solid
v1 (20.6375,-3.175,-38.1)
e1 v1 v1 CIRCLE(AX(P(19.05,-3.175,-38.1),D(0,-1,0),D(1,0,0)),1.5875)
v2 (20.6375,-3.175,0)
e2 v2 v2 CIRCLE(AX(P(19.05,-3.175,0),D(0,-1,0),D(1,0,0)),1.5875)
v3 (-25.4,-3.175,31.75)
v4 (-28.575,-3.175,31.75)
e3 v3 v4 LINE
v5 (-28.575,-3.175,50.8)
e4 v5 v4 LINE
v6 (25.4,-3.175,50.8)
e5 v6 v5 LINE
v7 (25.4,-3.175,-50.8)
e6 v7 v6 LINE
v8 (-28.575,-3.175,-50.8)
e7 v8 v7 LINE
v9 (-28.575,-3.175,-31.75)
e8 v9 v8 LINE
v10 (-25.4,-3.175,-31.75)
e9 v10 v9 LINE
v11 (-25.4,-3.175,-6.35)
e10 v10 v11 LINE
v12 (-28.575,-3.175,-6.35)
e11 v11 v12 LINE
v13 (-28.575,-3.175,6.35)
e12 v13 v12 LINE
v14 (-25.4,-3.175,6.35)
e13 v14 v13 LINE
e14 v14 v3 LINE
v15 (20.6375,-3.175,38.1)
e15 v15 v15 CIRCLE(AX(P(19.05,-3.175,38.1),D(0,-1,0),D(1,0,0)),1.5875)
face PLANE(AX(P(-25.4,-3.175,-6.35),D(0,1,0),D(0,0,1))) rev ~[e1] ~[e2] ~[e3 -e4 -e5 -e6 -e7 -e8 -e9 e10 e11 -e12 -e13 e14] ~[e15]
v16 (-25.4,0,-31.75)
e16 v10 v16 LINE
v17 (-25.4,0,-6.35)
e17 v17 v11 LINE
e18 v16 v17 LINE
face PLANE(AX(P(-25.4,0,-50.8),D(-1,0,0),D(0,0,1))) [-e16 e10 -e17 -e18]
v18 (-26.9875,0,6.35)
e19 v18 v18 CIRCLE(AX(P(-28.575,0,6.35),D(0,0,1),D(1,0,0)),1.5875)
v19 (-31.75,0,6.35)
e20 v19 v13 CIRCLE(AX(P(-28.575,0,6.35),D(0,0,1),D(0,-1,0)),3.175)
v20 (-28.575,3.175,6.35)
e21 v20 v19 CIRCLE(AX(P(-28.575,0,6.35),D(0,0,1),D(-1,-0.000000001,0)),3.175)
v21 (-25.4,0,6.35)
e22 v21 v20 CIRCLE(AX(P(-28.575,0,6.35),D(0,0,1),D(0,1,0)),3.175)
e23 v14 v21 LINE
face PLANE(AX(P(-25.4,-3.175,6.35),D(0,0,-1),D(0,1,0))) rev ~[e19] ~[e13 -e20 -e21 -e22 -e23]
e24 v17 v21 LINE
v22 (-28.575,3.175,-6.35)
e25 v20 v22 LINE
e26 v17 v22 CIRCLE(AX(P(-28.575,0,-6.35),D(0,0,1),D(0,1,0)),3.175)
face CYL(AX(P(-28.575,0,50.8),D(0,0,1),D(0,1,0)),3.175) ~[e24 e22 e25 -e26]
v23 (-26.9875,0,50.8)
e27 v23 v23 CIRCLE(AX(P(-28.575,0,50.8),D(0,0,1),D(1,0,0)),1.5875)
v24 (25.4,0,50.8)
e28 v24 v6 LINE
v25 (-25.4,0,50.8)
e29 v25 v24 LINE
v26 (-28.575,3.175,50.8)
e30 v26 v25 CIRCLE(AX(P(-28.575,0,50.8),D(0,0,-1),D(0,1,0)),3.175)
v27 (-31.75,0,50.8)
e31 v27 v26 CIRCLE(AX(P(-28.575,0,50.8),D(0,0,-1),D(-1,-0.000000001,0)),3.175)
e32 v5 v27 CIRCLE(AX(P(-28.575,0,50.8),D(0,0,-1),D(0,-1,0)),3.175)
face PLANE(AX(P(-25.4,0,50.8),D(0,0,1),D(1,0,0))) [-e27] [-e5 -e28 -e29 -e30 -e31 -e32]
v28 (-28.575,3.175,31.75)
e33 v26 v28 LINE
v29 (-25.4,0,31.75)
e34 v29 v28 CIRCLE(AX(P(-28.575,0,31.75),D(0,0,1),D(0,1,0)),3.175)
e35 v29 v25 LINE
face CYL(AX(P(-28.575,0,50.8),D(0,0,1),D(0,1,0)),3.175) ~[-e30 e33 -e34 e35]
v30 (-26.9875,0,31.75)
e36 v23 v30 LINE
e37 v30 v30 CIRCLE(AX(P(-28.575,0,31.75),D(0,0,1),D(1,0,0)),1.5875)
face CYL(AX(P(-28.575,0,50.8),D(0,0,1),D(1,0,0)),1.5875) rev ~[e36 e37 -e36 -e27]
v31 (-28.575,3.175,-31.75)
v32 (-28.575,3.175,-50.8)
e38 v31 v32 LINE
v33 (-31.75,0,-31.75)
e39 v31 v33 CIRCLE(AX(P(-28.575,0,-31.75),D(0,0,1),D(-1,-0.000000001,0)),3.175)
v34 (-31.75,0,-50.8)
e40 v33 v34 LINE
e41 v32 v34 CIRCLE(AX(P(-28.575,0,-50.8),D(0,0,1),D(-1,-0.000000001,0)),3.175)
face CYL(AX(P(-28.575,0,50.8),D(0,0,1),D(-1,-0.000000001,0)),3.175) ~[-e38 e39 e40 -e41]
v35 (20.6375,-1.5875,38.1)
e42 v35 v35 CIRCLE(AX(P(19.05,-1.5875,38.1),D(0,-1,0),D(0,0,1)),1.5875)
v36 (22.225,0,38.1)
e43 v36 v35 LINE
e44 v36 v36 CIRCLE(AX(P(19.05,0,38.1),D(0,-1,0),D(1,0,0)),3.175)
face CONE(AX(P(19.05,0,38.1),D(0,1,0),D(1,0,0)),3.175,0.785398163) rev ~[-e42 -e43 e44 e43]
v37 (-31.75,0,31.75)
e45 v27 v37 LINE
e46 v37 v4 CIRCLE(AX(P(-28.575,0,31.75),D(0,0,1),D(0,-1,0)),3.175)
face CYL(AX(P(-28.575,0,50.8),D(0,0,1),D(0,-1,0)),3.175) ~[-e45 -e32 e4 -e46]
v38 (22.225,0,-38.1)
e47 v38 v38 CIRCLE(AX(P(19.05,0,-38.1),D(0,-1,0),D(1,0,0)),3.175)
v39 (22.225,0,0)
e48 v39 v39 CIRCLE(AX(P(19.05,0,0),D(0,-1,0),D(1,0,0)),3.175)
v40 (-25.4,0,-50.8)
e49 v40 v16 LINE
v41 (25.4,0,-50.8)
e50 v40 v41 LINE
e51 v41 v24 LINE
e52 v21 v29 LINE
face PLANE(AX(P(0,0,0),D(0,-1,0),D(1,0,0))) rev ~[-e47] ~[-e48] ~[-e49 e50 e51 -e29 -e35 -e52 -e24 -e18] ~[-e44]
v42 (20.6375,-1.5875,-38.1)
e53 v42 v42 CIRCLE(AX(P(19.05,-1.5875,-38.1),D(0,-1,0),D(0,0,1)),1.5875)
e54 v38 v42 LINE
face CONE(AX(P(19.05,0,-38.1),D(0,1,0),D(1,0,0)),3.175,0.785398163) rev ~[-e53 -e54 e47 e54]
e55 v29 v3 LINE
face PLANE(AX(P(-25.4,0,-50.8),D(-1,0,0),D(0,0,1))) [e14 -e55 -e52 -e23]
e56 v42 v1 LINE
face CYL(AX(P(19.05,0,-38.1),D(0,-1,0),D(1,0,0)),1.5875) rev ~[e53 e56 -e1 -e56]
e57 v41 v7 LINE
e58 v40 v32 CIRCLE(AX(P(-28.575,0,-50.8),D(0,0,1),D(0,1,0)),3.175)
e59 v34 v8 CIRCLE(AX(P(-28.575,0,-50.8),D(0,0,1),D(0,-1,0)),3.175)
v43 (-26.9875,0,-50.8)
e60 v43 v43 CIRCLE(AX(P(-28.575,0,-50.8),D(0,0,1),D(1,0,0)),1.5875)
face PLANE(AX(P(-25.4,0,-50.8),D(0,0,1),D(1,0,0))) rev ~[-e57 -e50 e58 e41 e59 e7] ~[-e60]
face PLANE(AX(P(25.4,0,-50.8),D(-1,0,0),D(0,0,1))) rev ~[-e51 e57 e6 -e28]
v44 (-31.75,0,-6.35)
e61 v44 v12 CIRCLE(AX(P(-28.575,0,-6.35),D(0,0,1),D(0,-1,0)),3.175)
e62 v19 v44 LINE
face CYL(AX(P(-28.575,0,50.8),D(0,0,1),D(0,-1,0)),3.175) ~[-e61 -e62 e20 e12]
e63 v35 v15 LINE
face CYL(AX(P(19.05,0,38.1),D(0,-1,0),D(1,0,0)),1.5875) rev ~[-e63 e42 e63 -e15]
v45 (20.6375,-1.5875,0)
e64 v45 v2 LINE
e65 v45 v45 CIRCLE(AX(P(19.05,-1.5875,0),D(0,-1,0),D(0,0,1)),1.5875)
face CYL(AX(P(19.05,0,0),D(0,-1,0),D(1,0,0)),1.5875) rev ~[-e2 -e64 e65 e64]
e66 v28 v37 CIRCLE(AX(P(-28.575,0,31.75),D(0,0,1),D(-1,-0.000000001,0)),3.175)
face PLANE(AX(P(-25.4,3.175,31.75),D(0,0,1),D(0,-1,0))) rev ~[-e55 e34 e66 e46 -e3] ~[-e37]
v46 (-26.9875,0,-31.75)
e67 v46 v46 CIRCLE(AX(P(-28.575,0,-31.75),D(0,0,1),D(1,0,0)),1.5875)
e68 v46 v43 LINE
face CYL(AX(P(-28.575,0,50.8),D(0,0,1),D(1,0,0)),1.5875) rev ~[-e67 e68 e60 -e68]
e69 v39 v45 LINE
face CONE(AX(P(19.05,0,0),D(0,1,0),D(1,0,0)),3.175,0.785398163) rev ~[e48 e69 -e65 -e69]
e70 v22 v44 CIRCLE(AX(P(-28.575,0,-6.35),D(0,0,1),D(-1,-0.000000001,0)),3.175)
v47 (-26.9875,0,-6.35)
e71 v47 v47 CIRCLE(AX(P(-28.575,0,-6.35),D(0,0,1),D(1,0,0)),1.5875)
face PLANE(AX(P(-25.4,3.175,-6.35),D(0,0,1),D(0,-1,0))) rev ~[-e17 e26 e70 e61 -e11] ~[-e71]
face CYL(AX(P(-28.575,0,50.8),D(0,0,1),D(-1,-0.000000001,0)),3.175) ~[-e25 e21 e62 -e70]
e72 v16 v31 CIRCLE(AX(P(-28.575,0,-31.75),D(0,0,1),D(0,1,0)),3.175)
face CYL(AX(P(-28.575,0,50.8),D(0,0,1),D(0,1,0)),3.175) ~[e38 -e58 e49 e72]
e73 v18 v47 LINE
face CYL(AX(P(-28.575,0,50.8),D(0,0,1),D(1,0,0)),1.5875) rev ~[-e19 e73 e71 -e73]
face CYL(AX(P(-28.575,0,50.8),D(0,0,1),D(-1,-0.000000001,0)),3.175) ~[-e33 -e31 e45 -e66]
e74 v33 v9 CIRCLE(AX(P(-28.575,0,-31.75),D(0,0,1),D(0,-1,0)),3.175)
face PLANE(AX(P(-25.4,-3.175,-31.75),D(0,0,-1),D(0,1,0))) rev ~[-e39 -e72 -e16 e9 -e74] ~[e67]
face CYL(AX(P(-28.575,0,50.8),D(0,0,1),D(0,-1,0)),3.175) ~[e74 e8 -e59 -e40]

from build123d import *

# Parameters (mm, degrees)
F0_W           = 50.8
F0_H           = 101.6
F1_DEPTH       = 3.175
F2_W           = 3.175
F2_H           = 12.7
F2_H_2         = 19.05
F3_DEPTH       = 6.35
F5_DEPTH       = 101.601
F6_R           = 1.5875
F7_DEPTH       = 101.601
F9_D           = 3.175
F9_CSINK_D     = 6.35
F9_CSINK_ANGLE = 90


with BuildPart() as f1:
    # F0 (on Front) → F1 (new body)
    with BuildSketch(Plane.XZ):
        Rectangle(F0_W, F0_H)
    extrude(amount=F1_DEPTH)

    # F2 (on face) → F3 (join)
    with BuildSketch(Plane(origin=(-25.4, 0, 0), x_dir=(0, -1, 0), z_dir=(-1, 0, 0))):
        with Locations((-1.5875, 0)):
            Rectangle(F2_W, F2_H)
        with Locations((-1.5875, -41.275)):
            Rectangle(F2_W, F2_H_2)
        with Locations((1.5875, 41.275)):
            Rectangle(F2_W, F2_H_2)
        with Locations((1.5875, -41.275)):
            Rectangle(F2_W, F2_H_2)
        with Locations((1.5875, 0)):
            Rectangle(F2_W, F2_H)
        with Locations((-1.5875, 41.275)):
            Rectangle(F2_W, F2_H_2)
    extrude(amount=F3_DEPTH)

    # F4 (on face) → F5 (cut, through all)
    with BuildSketch(Plane.XY.offset(50.8)):
        with BuildLine():
            ThreePointArc((-31.75, -3.5e-09), (-30.8200640315, 2.245064029), (-28.575, 3.175))
            Line((-28.575, 3.175), (-31.75, 3.175))
            Line((-31.75, 3.175), (-31.75, -3.5e-09))
        make_face()
        with BuildLine():
            ThreePointArc((-28.575, 3.175), (-26.3299359697, 2.2450640303), (-25.4, 0))
            Line((-25.4, 0), (-25.4, 3.175))
            Line((-25.4, 3.175), (-28.575, 3.175))
        make_face()
        with BuildLine():
            Line((-31.75, -3.175), (-28.575, -3.175))
            ThreePointArc((-28.575, -3.175), (-30.820064029, -2.2450640315), (-31.75, -3.5e-09))
            Line((-31.75, -3.5e-09), (-31.75, -3.175))
        make_face()
    extrude(amount=-F5_DEPTH, mode=Mode.SUBTRACT)

    # F6 (on face) → F7 (cut, through all)
    with BuildSketch(Plane.XY.offset(50.8)):
        with Locations((-28.575, 0)):
            Circle(F6_R)
    extrude(amount=-F7_DEPTH, mode=Mode.SUBTRACT)

    # F9 (through all)
    with Locations(Plane(origin=(0, 0, 0), x_dir=(-1, 0, 0), z_dir=(0, 1, 0))):
        with Locations((-19.05, 38.1), (-19.05, 0), (-19.05, -38.1)):
            CounterSinkHole(F9_D / 2, F9_CSINK_D / 2, counter_sink_angle=F9_CSINK_ANGLE)


solid = f1.part
